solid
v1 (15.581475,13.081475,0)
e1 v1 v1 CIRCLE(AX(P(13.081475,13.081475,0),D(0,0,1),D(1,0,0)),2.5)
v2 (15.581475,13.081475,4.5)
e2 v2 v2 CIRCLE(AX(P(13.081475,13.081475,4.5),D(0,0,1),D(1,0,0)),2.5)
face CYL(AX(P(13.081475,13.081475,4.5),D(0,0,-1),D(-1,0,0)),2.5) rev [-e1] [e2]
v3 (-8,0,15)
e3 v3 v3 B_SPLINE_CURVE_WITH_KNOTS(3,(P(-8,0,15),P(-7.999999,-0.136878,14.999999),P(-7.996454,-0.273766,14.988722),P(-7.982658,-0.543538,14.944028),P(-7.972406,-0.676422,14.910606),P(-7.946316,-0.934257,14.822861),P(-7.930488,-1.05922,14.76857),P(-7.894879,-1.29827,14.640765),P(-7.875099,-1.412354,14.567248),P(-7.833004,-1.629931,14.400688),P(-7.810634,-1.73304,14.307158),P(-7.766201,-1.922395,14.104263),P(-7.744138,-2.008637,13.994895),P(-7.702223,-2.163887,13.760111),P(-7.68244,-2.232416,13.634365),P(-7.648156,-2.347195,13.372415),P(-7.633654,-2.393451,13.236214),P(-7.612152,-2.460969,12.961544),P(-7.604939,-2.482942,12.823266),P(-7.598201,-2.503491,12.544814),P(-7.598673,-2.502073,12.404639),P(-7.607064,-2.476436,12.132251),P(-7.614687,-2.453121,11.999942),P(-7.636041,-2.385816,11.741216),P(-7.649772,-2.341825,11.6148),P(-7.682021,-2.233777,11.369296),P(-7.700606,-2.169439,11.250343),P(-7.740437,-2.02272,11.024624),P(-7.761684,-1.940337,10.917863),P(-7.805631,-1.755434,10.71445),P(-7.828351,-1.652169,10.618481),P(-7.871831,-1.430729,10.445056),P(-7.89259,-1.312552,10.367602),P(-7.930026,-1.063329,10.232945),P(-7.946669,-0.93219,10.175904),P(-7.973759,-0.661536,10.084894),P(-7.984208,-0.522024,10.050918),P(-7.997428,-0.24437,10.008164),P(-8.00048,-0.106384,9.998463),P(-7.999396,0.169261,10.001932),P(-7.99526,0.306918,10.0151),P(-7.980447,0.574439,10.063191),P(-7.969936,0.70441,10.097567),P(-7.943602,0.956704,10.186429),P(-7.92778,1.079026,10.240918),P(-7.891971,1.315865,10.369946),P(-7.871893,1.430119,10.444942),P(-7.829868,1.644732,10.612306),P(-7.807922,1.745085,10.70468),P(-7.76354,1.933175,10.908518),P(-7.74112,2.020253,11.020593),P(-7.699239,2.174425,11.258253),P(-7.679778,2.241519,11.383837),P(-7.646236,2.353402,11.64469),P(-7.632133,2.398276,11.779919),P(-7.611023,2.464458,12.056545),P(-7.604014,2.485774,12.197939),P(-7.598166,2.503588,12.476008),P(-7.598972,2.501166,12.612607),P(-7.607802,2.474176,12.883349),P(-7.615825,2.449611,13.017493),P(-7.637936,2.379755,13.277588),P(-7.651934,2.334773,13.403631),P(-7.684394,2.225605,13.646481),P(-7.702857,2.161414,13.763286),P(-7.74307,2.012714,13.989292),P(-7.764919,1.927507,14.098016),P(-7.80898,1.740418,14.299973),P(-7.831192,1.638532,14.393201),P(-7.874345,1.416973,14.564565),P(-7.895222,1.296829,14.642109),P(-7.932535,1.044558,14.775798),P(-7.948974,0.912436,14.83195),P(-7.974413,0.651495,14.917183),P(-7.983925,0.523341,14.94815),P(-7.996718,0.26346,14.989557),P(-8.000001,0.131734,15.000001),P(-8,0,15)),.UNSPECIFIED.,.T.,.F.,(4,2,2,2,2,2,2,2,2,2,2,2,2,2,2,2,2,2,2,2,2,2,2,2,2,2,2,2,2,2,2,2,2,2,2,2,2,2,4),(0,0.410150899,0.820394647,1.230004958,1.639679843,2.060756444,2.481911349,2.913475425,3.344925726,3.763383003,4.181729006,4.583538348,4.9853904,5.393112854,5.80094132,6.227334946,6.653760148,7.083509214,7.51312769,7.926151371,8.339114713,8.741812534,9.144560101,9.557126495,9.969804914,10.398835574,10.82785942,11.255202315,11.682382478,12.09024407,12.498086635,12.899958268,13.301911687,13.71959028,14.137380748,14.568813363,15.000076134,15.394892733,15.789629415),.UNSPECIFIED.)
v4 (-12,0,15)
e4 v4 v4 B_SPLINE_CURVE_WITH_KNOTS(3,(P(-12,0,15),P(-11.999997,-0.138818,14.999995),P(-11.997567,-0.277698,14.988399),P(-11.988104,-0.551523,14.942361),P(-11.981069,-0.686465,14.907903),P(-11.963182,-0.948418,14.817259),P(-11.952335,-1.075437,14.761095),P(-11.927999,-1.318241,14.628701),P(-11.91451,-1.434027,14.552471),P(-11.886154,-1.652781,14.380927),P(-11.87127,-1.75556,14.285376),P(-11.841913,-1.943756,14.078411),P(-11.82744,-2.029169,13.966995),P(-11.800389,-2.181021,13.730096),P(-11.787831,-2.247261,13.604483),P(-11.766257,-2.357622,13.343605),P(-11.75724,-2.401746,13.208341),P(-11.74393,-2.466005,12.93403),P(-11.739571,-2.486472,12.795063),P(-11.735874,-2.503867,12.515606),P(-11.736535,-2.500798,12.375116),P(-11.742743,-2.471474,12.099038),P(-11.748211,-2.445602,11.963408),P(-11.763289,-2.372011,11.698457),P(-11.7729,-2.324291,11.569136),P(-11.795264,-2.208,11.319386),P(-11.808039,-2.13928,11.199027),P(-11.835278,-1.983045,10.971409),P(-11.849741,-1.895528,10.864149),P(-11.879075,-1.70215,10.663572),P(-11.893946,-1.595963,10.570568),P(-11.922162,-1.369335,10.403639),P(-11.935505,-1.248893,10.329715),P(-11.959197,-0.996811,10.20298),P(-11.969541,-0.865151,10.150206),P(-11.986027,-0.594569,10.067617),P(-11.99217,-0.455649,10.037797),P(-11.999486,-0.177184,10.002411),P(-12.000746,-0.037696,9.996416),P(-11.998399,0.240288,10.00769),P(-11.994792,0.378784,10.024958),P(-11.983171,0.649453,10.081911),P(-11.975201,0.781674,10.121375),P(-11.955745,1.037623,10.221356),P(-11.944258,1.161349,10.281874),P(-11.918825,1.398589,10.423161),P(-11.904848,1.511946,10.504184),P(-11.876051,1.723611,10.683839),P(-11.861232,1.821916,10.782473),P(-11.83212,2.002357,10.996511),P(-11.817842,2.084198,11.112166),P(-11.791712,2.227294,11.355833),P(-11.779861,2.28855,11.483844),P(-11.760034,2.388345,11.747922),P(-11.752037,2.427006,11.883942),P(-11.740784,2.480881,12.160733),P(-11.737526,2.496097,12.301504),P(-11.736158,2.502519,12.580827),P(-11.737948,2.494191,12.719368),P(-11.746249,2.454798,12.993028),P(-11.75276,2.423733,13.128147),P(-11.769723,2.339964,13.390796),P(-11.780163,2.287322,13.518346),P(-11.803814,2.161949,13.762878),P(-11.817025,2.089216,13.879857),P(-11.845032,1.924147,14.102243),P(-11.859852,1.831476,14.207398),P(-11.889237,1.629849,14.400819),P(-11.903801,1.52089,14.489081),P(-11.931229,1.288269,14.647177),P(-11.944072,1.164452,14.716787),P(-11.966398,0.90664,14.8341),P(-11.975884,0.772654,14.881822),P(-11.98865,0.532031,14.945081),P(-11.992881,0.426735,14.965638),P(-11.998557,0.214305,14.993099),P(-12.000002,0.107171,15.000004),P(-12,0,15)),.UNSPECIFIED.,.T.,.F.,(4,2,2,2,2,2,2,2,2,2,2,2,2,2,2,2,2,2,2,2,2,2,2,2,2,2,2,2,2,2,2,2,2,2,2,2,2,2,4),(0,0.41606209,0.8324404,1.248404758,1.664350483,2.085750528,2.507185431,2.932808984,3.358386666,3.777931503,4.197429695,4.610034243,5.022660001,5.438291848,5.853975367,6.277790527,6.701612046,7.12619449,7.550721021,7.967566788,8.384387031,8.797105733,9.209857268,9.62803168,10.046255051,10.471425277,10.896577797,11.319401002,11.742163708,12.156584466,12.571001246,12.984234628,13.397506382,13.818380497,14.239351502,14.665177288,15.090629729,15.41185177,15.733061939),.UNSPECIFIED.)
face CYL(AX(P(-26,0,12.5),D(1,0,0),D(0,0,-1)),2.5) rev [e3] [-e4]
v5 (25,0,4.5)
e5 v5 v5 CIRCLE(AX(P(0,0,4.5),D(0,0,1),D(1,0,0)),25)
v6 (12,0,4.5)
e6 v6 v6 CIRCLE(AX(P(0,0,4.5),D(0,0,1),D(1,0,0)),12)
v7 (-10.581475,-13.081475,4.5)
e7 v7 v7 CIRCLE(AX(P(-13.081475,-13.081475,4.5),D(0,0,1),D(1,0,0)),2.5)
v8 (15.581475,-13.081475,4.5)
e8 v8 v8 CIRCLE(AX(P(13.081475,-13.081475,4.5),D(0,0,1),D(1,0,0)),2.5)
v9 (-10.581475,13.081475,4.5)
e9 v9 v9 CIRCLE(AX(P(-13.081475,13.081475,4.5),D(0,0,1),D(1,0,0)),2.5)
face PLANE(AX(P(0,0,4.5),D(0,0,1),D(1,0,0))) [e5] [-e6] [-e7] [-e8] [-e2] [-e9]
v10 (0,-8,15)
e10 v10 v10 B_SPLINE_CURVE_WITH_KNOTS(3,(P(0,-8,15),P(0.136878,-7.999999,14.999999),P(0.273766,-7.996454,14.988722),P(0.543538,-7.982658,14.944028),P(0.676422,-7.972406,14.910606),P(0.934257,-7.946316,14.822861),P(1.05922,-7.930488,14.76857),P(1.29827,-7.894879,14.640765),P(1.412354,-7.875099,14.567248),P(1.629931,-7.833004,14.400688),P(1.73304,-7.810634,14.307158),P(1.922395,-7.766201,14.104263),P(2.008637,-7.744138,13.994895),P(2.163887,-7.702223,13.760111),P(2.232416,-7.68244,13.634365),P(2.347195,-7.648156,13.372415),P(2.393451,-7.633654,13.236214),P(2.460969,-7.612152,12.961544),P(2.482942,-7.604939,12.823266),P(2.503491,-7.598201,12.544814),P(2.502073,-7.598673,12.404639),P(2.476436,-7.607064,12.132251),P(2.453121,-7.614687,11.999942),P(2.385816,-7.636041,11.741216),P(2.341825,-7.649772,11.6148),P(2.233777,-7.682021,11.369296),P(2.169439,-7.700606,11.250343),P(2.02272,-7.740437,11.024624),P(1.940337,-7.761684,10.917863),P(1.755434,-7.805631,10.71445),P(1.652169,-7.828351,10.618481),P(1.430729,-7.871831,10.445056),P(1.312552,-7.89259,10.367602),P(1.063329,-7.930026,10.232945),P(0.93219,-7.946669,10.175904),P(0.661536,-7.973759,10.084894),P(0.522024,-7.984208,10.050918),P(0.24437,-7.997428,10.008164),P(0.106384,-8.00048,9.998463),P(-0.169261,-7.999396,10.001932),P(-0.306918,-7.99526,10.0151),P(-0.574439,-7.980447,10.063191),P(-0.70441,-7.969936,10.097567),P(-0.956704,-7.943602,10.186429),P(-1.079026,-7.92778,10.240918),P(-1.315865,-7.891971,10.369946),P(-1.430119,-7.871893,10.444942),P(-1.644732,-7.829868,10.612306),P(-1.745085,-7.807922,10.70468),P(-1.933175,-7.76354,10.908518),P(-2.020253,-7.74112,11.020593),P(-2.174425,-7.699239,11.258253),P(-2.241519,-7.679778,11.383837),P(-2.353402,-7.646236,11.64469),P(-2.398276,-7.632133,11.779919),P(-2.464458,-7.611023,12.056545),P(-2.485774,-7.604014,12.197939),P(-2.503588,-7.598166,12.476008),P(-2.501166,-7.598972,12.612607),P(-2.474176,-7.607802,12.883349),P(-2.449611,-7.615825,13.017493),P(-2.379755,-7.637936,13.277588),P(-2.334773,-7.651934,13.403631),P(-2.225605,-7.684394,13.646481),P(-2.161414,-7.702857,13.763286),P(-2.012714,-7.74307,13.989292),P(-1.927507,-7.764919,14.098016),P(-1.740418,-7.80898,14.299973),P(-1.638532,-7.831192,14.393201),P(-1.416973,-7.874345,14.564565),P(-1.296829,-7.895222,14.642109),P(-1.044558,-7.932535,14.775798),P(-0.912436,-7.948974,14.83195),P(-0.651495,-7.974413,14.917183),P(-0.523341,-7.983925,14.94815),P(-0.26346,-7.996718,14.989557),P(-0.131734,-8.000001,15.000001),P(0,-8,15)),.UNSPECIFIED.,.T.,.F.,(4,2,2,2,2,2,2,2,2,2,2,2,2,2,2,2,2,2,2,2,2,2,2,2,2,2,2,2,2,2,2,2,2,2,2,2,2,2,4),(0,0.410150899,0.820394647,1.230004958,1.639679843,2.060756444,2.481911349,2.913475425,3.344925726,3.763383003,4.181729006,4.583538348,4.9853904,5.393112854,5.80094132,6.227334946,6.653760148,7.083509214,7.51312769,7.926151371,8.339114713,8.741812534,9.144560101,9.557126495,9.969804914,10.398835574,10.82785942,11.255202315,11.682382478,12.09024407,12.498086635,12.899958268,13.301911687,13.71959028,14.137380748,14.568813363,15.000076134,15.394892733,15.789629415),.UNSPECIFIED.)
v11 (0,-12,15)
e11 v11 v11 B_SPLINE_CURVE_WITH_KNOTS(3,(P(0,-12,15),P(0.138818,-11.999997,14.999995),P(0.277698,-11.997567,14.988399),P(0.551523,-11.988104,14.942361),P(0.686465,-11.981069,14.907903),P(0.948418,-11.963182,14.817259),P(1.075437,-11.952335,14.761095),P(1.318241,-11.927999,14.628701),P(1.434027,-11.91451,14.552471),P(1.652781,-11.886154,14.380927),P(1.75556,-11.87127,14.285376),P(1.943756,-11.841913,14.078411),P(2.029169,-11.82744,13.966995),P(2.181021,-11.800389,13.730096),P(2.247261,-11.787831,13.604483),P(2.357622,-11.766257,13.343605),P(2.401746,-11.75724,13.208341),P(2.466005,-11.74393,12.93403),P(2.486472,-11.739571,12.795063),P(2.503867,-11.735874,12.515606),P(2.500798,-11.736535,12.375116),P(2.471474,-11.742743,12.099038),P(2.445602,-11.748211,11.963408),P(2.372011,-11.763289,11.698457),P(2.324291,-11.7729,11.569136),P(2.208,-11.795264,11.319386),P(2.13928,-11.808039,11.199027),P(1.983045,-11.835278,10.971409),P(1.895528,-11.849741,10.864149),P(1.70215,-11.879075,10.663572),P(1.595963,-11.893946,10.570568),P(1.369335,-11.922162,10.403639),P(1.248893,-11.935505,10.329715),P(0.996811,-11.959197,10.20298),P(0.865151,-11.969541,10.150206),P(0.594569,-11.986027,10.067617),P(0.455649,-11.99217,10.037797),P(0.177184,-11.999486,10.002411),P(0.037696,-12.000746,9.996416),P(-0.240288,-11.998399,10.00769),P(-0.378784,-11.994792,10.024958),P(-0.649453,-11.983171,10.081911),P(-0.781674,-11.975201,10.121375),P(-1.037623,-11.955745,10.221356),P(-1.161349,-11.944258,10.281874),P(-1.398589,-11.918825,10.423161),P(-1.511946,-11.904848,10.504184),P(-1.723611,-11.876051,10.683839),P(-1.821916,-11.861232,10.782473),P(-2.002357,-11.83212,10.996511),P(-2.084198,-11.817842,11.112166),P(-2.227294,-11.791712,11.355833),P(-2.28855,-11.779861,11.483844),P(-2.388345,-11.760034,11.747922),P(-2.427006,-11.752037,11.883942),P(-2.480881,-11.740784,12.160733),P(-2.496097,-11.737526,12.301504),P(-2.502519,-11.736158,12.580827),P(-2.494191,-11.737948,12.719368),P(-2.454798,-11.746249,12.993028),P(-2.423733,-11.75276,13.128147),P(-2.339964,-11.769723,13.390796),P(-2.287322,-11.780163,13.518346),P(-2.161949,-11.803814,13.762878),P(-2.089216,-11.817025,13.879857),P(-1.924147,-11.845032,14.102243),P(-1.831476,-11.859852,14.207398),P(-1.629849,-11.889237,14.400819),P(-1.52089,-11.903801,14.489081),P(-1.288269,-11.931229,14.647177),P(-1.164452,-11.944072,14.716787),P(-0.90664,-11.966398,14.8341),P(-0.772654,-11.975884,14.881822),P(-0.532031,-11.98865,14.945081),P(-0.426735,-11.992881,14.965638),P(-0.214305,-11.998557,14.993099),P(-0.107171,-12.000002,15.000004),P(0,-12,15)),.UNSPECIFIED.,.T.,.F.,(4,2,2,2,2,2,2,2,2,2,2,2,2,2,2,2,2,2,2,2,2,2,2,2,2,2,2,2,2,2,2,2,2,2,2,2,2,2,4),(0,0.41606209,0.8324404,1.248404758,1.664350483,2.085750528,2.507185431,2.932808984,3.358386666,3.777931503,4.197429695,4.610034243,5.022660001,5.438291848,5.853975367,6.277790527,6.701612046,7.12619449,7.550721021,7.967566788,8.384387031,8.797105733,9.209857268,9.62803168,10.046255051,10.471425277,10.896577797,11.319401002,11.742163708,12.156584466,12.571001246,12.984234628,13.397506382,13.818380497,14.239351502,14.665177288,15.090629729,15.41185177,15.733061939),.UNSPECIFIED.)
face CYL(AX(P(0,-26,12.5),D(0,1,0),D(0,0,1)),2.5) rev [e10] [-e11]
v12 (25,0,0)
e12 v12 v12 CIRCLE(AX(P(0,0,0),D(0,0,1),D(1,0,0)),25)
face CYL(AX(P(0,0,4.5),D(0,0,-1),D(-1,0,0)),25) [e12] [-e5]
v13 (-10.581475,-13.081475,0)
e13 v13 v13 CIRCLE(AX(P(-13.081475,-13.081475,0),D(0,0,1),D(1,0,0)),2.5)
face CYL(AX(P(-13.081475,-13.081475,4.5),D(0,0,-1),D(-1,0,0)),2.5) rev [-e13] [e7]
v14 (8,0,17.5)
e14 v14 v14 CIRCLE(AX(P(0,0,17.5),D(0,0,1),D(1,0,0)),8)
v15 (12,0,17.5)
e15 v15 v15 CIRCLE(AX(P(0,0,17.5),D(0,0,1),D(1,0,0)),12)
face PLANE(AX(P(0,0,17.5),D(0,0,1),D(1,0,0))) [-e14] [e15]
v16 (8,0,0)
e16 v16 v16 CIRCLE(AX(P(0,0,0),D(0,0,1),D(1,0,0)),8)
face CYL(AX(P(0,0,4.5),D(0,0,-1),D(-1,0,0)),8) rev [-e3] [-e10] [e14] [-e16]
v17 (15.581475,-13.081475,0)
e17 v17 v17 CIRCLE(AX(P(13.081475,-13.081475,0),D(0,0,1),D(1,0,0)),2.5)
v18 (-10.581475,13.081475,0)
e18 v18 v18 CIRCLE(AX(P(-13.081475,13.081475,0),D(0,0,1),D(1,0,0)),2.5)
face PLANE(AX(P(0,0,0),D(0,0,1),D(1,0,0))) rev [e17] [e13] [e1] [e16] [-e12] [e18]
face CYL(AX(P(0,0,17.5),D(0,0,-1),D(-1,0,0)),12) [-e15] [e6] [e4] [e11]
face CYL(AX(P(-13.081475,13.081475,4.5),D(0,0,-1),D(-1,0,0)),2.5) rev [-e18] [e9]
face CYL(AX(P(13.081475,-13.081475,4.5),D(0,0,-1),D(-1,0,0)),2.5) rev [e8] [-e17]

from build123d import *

# Parameters (mm, degrees)
SKETCH_1_R          = 25
SKETCH_1_R_2        = 8
SKETCH_1_R_3        = 2.5
EXTRUDE_1_DEPTH     = 4.5
SKETCH_2_R          = 12
SKETCH_2_R_2        = 8
EXTRUDE_2_DEPTH     = 13
SKETCH_3_R          = 2.5
CUT_EXTRUDE_1_DEPTH = 26
SKETCH_5_R          = 2.5
CUT_EXTRUDE_4_DEPTH = 26


with BuildPart() as part:
    # 草图1 → 凸台-拉伸1 (new body)
    with BuildSketch(Plane.XY):
        Circle(SKETCH_1_R)
        Circle(SKETCH_1_R_2, mode=Mode.SUBTRACT)
        with Locations((13.081475452, 13.081475452)):
            Circle(SKETCH_1_R_3, mode=Mode.SUBTRACT)
        with Locations((13.081475452, -13.081475452)):
            Circle(SKETCH_1_R_3, mode=Mode.SUBTRACT)
        with Locations((-13.081475452, -13.081475452)):
            Circle(SKETCH_1_R_3, mode=Mode.SUBTRACT)
        with Locations((-13.081475452, 13.081475452)):
            Circle(SKETCH_1_R_3, mode=Mode.SUBTRACT)
    extrude(amount=EXTRUDE_1_DEPTH)

    # 草图2 → 凸台-拉伸2 (add)
    with BuildSketch(Plane.XY.offset(4.5)):
        with Locations(Location((0, 0, 0), (0, 0, 180))):
            Circle(SKETCH_2_R)
        Circle(SKETCH_2_R_2, mode=Mode.SUBTRACT)
    extrude(amount=EXTRUDE_2_DEPTH)

    # 草图3 → 切除-拉伸1 (cut)
    with BuildSketch(Plane(origin=(0, 0, 0), x_dir=(1, 0, 0), z_dir=(0, 1, 0))):
        with Locations(Location((0, -12.5, 0), (0, 0, 270))):
            Circle(SKETCH_3_R)
    extrude(amount=-CUT_EXTRUDE_1_DEPTH, mode=Mode.SUBTRACT)

    # 草图5 → 切除-拉伸4 (cut)
    with BuildSketch(Plane(origin=(0, 0, 0), x_dir=(0, 0, -1), z_dir=(1, 0, 0))):
        with Locations(Location((-12.5, 0, 0), (0, 0, 180))):
            Circle(SKETCH_5_R)
    extrude(amount=-CUT_EXTRUDE_4_DEPTH, mode=Mode.SUBTRACT)


solid = part.part
